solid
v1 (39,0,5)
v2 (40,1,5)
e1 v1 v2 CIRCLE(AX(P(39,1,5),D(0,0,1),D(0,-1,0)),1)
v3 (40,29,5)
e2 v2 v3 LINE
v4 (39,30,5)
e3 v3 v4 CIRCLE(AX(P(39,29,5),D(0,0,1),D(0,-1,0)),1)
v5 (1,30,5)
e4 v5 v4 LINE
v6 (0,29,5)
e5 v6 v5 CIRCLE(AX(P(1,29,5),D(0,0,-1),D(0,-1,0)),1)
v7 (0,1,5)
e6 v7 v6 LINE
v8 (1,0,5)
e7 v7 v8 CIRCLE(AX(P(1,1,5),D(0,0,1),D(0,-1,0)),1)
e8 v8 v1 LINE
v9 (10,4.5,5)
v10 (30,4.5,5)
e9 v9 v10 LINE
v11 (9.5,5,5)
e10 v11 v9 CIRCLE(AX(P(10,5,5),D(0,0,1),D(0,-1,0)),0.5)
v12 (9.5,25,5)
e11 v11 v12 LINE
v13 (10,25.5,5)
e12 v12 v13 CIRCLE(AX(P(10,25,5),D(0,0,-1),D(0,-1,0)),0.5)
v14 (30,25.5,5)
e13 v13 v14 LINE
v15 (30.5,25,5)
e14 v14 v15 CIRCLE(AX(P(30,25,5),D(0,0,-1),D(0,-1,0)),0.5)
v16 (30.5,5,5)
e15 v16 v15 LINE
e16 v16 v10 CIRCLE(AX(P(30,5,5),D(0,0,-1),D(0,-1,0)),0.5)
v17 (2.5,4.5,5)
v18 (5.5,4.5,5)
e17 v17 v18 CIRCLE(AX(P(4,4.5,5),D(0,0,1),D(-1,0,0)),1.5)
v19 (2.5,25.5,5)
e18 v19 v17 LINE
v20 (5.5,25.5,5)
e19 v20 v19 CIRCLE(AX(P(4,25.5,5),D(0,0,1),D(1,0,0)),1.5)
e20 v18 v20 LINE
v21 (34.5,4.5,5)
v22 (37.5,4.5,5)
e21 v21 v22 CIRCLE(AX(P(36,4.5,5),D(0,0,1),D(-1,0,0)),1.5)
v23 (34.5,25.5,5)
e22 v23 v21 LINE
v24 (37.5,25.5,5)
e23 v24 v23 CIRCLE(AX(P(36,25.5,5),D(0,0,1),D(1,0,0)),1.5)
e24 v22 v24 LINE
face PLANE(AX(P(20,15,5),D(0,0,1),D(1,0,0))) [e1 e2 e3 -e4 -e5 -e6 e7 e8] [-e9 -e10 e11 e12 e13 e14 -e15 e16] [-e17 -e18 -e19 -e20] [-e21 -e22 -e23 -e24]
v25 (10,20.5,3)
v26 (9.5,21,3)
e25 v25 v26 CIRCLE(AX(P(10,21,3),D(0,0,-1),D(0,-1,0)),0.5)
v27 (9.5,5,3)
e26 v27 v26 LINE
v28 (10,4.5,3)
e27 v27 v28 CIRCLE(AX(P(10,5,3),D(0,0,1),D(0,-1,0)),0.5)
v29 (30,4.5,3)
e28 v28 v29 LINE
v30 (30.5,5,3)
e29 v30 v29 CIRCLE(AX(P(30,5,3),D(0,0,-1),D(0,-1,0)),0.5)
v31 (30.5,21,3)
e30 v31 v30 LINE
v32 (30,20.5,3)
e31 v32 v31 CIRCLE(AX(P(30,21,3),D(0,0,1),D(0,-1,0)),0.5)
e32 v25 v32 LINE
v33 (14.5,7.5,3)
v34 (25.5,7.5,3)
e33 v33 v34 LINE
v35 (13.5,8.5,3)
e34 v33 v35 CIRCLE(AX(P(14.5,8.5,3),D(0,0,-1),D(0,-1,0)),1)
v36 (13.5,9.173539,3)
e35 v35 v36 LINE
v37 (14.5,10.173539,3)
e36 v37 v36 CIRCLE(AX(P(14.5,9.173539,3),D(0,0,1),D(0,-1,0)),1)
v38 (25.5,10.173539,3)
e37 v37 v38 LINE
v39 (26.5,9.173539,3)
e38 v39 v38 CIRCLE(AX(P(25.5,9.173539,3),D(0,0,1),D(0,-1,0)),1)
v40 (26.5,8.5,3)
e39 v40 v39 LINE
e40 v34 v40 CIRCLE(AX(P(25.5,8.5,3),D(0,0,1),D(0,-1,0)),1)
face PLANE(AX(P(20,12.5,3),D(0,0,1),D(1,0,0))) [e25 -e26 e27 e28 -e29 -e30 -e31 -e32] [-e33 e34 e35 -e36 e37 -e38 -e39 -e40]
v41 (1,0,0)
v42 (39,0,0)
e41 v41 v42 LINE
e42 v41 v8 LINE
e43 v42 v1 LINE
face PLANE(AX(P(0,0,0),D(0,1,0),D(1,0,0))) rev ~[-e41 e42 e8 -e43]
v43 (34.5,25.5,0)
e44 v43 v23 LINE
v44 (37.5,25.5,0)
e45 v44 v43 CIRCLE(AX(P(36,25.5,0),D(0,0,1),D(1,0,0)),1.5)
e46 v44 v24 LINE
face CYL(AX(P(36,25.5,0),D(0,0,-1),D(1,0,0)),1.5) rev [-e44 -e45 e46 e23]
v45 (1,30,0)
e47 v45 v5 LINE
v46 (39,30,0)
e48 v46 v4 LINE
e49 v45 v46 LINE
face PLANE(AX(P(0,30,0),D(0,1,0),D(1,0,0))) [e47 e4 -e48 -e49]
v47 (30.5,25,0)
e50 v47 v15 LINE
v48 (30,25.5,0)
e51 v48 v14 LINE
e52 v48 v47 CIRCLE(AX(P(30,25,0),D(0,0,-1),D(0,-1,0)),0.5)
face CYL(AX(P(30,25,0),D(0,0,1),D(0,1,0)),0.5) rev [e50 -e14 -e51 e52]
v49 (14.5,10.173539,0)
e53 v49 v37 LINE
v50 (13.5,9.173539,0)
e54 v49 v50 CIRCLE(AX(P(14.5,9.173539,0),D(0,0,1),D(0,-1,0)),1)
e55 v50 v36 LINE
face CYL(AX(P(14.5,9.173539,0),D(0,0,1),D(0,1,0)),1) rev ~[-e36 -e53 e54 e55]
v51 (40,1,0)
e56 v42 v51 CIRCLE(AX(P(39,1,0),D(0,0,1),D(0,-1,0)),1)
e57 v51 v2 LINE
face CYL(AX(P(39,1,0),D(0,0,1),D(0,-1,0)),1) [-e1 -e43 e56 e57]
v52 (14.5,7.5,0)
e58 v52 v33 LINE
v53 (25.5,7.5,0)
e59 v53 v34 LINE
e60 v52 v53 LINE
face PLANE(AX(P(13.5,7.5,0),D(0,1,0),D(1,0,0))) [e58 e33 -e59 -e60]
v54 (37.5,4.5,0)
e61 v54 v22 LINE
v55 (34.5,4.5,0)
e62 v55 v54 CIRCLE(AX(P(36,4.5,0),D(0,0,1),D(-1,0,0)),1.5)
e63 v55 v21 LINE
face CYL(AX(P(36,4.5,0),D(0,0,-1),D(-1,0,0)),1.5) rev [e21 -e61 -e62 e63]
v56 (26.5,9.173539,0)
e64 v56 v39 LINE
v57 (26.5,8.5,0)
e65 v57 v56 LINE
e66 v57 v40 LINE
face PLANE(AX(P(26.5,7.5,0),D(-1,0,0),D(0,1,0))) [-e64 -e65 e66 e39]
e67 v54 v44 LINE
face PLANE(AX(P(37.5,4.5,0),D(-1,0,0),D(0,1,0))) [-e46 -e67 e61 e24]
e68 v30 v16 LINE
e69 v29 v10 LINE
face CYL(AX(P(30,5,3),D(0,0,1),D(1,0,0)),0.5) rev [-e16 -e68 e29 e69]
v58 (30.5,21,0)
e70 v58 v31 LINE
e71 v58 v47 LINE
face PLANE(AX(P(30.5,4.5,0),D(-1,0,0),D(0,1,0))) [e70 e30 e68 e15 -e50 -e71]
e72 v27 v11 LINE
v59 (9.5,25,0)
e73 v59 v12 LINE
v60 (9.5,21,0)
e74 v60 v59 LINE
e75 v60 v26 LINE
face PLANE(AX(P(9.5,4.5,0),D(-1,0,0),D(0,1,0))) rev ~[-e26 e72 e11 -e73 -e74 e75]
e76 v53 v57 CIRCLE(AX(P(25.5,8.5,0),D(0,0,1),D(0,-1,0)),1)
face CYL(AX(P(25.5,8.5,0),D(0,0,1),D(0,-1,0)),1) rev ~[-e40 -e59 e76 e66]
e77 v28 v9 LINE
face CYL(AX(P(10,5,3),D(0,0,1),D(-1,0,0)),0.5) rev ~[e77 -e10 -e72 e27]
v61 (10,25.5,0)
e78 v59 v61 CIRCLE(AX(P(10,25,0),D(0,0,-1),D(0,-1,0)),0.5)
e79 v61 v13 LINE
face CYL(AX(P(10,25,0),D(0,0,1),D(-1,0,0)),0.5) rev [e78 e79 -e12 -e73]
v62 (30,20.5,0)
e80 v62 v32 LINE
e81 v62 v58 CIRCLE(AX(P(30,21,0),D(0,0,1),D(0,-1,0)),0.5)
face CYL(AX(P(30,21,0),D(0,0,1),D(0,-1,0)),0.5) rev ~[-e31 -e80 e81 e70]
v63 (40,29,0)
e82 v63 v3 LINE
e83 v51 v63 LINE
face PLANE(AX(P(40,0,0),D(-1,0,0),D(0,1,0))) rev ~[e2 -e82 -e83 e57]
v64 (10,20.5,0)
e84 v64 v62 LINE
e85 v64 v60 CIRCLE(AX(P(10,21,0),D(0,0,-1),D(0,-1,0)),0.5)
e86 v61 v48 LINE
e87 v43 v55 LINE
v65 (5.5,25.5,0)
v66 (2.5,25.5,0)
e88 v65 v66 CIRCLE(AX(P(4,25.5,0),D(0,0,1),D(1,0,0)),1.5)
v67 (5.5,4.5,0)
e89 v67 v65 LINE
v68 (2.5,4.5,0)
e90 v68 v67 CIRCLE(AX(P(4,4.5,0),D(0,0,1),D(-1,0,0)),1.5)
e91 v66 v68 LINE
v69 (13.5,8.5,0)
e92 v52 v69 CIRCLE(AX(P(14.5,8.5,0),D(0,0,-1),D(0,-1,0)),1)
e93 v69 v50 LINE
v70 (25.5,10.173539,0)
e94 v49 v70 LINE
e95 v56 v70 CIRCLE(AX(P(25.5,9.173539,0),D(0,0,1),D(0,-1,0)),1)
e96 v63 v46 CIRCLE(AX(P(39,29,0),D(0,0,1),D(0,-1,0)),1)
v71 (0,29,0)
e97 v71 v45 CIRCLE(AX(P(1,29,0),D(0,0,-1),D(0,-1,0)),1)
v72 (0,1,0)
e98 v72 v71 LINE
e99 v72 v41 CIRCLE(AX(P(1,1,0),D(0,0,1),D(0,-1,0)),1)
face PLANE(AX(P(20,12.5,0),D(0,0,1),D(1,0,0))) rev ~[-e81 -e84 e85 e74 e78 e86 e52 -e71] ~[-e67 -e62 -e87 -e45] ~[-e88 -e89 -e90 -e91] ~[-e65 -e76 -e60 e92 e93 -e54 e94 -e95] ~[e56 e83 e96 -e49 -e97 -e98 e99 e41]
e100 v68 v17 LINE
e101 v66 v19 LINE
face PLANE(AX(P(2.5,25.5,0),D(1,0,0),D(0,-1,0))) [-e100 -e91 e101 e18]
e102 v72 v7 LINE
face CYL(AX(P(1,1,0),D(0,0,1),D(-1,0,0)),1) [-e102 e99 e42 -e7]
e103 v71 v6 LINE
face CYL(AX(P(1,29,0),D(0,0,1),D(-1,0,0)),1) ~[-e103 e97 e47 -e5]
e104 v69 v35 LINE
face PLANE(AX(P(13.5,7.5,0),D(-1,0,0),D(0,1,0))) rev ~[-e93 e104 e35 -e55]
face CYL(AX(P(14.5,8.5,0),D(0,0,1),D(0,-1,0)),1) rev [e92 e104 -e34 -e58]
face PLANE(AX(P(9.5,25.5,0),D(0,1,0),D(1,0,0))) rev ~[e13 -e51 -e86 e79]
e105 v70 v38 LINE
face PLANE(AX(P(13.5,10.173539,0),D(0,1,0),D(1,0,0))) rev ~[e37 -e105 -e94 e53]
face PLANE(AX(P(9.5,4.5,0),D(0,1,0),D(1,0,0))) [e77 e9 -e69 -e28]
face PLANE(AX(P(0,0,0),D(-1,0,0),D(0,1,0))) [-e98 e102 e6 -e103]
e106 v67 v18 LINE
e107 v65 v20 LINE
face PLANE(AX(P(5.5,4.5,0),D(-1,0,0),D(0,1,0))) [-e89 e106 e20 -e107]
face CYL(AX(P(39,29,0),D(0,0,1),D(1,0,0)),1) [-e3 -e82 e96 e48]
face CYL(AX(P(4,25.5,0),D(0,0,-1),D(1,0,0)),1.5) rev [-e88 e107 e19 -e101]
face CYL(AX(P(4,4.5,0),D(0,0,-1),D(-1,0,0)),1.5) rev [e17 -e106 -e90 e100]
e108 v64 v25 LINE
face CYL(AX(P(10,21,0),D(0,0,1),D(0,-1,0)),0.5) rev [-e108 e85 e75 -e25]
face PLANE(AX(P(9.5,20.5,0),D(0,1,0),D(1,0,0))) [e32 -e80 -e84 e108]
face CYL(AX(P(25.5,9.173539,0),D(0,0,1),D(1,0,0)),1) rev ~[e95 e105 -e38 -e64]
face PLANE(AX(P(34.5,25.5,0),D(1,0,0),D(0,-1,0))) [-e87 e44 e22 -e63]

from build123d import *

# Parameters (mm, degrees)
SCHIZZO2_W                   = 40
SCHIZZO2_H                   = 30
ESTRUSIONE_ESTRUSIONE1_DEPTH = 5
SCHIZZO2_3_W                 = 21
SCHIZZO2_3_H                 = 16
SCHIZZO2_3_W_2               = 13
SCHIZZO2_3_H_2               = 2.673538732
ESTRUSIONE_ESTRUSIONE2_DEPTH = 3
RACCORDO2_R                  = 1
RACCORDO3_R                  = 1
RACCORDO4_R                  = 0.5


with BuildPart() as part:
    # Schizzo2 → Estrusione-Estrusione1 (new body)
    with BuildSketch(Plane.XY):
        with Locations((20, 15)):
            Rectangle(SCHIZZO2_W, SCHIZZO2_H)
        with BuildLine():
            ThreePointArc((2.5, 25.5), (4, 27), (5.5, 25.5))
            Line((5.5, 25.5), (5.5, 4.5))
            ThreePointArc((5.5, 4.5), (4, 3), (2.5, 4.5))
            Line((2.5, 4.5), (2.5, 25.5))
        make_face(mode=Mode.SUBTRACT)
        Polygon((9.5, 20.5), (9.5, 25.5), (30.5, 25.5), (30.5, 20.5), (30.5, 4.5), (9.5, 4.5), align=None, mode=Mode.SUBTRACT)
        with BuildLine():
            ThreePointArc((34.5, 25.5), (36, 27), (37.5, 25.5))
            Line((37.5, 25.5), (37.5, 4.5))
            ThreePointArc((37.5, 4.5), (36, 3), (34.5, 4.5))
            Line((34.5, 4.5), (34.5, 25.5))
        make_face(mode=Mode.SUBTRACT)
    extrude(amount=ESTRUSIONE_ESTRUSIONE1_DEPTH)

    # Schizzo2<3> → Estrusione-Estrusione2 (add)
    with BuildSketch(Plane.XY):
        with Locations((20, 12.5)):
            Rectangle(SCHIZZO2_3_W, SCHIZZO2_3_H)
        with Locations((20, 8.836769366)):
            Rectangle(SCHIZZO2_3_W_2, SCHIZZO2_3_H_2, mode=Mode.SUBTRACT)
    extrude(amount=ESTRUSIONE_ESTRUSIONE2_DEPTH)

    # Raccordo2
    raccordo2_edges = [part.edges().sort_by_distance(p)[0] for p in [
        (13.5, 10.173538732, 1.5),
        (26.5, 10.173538732, 1.5),
        (26.5, 7.5, 1.5),
        (13.5, 7.5, 1.5),
    ]]
    fillet(raccordo2_edges, radius=RACCORDO2_R)

    # Raccordo3
    raccordo3_edges = [part.edges().sort_by_distance(p)[0] for p in [
        (0, 30, 2.5),
        (40, 30, 2.5),
        (40, 0, 2.5),
        (0, 0, 2.5),
    ]]
    fillet(raccordo3_edges, radius=RACCORDO3_R)

    # Raccordo4
    raccordo4_edges = [part.edges().sort_by_distance(p)[0] for p in [
        (30.5, 20.5, 1.5),
        (9.5, 20.5, 1.5),
        (30.5, 25.5, 2.5),
        (9.5, 25.5, 2.5),
        (30.5, 4.5, 4),
        (9.5, 4.5, 4),
    ]]
    fillet(raccordo4_edges, radius=RACCORDO4_R)


solid = part.part
